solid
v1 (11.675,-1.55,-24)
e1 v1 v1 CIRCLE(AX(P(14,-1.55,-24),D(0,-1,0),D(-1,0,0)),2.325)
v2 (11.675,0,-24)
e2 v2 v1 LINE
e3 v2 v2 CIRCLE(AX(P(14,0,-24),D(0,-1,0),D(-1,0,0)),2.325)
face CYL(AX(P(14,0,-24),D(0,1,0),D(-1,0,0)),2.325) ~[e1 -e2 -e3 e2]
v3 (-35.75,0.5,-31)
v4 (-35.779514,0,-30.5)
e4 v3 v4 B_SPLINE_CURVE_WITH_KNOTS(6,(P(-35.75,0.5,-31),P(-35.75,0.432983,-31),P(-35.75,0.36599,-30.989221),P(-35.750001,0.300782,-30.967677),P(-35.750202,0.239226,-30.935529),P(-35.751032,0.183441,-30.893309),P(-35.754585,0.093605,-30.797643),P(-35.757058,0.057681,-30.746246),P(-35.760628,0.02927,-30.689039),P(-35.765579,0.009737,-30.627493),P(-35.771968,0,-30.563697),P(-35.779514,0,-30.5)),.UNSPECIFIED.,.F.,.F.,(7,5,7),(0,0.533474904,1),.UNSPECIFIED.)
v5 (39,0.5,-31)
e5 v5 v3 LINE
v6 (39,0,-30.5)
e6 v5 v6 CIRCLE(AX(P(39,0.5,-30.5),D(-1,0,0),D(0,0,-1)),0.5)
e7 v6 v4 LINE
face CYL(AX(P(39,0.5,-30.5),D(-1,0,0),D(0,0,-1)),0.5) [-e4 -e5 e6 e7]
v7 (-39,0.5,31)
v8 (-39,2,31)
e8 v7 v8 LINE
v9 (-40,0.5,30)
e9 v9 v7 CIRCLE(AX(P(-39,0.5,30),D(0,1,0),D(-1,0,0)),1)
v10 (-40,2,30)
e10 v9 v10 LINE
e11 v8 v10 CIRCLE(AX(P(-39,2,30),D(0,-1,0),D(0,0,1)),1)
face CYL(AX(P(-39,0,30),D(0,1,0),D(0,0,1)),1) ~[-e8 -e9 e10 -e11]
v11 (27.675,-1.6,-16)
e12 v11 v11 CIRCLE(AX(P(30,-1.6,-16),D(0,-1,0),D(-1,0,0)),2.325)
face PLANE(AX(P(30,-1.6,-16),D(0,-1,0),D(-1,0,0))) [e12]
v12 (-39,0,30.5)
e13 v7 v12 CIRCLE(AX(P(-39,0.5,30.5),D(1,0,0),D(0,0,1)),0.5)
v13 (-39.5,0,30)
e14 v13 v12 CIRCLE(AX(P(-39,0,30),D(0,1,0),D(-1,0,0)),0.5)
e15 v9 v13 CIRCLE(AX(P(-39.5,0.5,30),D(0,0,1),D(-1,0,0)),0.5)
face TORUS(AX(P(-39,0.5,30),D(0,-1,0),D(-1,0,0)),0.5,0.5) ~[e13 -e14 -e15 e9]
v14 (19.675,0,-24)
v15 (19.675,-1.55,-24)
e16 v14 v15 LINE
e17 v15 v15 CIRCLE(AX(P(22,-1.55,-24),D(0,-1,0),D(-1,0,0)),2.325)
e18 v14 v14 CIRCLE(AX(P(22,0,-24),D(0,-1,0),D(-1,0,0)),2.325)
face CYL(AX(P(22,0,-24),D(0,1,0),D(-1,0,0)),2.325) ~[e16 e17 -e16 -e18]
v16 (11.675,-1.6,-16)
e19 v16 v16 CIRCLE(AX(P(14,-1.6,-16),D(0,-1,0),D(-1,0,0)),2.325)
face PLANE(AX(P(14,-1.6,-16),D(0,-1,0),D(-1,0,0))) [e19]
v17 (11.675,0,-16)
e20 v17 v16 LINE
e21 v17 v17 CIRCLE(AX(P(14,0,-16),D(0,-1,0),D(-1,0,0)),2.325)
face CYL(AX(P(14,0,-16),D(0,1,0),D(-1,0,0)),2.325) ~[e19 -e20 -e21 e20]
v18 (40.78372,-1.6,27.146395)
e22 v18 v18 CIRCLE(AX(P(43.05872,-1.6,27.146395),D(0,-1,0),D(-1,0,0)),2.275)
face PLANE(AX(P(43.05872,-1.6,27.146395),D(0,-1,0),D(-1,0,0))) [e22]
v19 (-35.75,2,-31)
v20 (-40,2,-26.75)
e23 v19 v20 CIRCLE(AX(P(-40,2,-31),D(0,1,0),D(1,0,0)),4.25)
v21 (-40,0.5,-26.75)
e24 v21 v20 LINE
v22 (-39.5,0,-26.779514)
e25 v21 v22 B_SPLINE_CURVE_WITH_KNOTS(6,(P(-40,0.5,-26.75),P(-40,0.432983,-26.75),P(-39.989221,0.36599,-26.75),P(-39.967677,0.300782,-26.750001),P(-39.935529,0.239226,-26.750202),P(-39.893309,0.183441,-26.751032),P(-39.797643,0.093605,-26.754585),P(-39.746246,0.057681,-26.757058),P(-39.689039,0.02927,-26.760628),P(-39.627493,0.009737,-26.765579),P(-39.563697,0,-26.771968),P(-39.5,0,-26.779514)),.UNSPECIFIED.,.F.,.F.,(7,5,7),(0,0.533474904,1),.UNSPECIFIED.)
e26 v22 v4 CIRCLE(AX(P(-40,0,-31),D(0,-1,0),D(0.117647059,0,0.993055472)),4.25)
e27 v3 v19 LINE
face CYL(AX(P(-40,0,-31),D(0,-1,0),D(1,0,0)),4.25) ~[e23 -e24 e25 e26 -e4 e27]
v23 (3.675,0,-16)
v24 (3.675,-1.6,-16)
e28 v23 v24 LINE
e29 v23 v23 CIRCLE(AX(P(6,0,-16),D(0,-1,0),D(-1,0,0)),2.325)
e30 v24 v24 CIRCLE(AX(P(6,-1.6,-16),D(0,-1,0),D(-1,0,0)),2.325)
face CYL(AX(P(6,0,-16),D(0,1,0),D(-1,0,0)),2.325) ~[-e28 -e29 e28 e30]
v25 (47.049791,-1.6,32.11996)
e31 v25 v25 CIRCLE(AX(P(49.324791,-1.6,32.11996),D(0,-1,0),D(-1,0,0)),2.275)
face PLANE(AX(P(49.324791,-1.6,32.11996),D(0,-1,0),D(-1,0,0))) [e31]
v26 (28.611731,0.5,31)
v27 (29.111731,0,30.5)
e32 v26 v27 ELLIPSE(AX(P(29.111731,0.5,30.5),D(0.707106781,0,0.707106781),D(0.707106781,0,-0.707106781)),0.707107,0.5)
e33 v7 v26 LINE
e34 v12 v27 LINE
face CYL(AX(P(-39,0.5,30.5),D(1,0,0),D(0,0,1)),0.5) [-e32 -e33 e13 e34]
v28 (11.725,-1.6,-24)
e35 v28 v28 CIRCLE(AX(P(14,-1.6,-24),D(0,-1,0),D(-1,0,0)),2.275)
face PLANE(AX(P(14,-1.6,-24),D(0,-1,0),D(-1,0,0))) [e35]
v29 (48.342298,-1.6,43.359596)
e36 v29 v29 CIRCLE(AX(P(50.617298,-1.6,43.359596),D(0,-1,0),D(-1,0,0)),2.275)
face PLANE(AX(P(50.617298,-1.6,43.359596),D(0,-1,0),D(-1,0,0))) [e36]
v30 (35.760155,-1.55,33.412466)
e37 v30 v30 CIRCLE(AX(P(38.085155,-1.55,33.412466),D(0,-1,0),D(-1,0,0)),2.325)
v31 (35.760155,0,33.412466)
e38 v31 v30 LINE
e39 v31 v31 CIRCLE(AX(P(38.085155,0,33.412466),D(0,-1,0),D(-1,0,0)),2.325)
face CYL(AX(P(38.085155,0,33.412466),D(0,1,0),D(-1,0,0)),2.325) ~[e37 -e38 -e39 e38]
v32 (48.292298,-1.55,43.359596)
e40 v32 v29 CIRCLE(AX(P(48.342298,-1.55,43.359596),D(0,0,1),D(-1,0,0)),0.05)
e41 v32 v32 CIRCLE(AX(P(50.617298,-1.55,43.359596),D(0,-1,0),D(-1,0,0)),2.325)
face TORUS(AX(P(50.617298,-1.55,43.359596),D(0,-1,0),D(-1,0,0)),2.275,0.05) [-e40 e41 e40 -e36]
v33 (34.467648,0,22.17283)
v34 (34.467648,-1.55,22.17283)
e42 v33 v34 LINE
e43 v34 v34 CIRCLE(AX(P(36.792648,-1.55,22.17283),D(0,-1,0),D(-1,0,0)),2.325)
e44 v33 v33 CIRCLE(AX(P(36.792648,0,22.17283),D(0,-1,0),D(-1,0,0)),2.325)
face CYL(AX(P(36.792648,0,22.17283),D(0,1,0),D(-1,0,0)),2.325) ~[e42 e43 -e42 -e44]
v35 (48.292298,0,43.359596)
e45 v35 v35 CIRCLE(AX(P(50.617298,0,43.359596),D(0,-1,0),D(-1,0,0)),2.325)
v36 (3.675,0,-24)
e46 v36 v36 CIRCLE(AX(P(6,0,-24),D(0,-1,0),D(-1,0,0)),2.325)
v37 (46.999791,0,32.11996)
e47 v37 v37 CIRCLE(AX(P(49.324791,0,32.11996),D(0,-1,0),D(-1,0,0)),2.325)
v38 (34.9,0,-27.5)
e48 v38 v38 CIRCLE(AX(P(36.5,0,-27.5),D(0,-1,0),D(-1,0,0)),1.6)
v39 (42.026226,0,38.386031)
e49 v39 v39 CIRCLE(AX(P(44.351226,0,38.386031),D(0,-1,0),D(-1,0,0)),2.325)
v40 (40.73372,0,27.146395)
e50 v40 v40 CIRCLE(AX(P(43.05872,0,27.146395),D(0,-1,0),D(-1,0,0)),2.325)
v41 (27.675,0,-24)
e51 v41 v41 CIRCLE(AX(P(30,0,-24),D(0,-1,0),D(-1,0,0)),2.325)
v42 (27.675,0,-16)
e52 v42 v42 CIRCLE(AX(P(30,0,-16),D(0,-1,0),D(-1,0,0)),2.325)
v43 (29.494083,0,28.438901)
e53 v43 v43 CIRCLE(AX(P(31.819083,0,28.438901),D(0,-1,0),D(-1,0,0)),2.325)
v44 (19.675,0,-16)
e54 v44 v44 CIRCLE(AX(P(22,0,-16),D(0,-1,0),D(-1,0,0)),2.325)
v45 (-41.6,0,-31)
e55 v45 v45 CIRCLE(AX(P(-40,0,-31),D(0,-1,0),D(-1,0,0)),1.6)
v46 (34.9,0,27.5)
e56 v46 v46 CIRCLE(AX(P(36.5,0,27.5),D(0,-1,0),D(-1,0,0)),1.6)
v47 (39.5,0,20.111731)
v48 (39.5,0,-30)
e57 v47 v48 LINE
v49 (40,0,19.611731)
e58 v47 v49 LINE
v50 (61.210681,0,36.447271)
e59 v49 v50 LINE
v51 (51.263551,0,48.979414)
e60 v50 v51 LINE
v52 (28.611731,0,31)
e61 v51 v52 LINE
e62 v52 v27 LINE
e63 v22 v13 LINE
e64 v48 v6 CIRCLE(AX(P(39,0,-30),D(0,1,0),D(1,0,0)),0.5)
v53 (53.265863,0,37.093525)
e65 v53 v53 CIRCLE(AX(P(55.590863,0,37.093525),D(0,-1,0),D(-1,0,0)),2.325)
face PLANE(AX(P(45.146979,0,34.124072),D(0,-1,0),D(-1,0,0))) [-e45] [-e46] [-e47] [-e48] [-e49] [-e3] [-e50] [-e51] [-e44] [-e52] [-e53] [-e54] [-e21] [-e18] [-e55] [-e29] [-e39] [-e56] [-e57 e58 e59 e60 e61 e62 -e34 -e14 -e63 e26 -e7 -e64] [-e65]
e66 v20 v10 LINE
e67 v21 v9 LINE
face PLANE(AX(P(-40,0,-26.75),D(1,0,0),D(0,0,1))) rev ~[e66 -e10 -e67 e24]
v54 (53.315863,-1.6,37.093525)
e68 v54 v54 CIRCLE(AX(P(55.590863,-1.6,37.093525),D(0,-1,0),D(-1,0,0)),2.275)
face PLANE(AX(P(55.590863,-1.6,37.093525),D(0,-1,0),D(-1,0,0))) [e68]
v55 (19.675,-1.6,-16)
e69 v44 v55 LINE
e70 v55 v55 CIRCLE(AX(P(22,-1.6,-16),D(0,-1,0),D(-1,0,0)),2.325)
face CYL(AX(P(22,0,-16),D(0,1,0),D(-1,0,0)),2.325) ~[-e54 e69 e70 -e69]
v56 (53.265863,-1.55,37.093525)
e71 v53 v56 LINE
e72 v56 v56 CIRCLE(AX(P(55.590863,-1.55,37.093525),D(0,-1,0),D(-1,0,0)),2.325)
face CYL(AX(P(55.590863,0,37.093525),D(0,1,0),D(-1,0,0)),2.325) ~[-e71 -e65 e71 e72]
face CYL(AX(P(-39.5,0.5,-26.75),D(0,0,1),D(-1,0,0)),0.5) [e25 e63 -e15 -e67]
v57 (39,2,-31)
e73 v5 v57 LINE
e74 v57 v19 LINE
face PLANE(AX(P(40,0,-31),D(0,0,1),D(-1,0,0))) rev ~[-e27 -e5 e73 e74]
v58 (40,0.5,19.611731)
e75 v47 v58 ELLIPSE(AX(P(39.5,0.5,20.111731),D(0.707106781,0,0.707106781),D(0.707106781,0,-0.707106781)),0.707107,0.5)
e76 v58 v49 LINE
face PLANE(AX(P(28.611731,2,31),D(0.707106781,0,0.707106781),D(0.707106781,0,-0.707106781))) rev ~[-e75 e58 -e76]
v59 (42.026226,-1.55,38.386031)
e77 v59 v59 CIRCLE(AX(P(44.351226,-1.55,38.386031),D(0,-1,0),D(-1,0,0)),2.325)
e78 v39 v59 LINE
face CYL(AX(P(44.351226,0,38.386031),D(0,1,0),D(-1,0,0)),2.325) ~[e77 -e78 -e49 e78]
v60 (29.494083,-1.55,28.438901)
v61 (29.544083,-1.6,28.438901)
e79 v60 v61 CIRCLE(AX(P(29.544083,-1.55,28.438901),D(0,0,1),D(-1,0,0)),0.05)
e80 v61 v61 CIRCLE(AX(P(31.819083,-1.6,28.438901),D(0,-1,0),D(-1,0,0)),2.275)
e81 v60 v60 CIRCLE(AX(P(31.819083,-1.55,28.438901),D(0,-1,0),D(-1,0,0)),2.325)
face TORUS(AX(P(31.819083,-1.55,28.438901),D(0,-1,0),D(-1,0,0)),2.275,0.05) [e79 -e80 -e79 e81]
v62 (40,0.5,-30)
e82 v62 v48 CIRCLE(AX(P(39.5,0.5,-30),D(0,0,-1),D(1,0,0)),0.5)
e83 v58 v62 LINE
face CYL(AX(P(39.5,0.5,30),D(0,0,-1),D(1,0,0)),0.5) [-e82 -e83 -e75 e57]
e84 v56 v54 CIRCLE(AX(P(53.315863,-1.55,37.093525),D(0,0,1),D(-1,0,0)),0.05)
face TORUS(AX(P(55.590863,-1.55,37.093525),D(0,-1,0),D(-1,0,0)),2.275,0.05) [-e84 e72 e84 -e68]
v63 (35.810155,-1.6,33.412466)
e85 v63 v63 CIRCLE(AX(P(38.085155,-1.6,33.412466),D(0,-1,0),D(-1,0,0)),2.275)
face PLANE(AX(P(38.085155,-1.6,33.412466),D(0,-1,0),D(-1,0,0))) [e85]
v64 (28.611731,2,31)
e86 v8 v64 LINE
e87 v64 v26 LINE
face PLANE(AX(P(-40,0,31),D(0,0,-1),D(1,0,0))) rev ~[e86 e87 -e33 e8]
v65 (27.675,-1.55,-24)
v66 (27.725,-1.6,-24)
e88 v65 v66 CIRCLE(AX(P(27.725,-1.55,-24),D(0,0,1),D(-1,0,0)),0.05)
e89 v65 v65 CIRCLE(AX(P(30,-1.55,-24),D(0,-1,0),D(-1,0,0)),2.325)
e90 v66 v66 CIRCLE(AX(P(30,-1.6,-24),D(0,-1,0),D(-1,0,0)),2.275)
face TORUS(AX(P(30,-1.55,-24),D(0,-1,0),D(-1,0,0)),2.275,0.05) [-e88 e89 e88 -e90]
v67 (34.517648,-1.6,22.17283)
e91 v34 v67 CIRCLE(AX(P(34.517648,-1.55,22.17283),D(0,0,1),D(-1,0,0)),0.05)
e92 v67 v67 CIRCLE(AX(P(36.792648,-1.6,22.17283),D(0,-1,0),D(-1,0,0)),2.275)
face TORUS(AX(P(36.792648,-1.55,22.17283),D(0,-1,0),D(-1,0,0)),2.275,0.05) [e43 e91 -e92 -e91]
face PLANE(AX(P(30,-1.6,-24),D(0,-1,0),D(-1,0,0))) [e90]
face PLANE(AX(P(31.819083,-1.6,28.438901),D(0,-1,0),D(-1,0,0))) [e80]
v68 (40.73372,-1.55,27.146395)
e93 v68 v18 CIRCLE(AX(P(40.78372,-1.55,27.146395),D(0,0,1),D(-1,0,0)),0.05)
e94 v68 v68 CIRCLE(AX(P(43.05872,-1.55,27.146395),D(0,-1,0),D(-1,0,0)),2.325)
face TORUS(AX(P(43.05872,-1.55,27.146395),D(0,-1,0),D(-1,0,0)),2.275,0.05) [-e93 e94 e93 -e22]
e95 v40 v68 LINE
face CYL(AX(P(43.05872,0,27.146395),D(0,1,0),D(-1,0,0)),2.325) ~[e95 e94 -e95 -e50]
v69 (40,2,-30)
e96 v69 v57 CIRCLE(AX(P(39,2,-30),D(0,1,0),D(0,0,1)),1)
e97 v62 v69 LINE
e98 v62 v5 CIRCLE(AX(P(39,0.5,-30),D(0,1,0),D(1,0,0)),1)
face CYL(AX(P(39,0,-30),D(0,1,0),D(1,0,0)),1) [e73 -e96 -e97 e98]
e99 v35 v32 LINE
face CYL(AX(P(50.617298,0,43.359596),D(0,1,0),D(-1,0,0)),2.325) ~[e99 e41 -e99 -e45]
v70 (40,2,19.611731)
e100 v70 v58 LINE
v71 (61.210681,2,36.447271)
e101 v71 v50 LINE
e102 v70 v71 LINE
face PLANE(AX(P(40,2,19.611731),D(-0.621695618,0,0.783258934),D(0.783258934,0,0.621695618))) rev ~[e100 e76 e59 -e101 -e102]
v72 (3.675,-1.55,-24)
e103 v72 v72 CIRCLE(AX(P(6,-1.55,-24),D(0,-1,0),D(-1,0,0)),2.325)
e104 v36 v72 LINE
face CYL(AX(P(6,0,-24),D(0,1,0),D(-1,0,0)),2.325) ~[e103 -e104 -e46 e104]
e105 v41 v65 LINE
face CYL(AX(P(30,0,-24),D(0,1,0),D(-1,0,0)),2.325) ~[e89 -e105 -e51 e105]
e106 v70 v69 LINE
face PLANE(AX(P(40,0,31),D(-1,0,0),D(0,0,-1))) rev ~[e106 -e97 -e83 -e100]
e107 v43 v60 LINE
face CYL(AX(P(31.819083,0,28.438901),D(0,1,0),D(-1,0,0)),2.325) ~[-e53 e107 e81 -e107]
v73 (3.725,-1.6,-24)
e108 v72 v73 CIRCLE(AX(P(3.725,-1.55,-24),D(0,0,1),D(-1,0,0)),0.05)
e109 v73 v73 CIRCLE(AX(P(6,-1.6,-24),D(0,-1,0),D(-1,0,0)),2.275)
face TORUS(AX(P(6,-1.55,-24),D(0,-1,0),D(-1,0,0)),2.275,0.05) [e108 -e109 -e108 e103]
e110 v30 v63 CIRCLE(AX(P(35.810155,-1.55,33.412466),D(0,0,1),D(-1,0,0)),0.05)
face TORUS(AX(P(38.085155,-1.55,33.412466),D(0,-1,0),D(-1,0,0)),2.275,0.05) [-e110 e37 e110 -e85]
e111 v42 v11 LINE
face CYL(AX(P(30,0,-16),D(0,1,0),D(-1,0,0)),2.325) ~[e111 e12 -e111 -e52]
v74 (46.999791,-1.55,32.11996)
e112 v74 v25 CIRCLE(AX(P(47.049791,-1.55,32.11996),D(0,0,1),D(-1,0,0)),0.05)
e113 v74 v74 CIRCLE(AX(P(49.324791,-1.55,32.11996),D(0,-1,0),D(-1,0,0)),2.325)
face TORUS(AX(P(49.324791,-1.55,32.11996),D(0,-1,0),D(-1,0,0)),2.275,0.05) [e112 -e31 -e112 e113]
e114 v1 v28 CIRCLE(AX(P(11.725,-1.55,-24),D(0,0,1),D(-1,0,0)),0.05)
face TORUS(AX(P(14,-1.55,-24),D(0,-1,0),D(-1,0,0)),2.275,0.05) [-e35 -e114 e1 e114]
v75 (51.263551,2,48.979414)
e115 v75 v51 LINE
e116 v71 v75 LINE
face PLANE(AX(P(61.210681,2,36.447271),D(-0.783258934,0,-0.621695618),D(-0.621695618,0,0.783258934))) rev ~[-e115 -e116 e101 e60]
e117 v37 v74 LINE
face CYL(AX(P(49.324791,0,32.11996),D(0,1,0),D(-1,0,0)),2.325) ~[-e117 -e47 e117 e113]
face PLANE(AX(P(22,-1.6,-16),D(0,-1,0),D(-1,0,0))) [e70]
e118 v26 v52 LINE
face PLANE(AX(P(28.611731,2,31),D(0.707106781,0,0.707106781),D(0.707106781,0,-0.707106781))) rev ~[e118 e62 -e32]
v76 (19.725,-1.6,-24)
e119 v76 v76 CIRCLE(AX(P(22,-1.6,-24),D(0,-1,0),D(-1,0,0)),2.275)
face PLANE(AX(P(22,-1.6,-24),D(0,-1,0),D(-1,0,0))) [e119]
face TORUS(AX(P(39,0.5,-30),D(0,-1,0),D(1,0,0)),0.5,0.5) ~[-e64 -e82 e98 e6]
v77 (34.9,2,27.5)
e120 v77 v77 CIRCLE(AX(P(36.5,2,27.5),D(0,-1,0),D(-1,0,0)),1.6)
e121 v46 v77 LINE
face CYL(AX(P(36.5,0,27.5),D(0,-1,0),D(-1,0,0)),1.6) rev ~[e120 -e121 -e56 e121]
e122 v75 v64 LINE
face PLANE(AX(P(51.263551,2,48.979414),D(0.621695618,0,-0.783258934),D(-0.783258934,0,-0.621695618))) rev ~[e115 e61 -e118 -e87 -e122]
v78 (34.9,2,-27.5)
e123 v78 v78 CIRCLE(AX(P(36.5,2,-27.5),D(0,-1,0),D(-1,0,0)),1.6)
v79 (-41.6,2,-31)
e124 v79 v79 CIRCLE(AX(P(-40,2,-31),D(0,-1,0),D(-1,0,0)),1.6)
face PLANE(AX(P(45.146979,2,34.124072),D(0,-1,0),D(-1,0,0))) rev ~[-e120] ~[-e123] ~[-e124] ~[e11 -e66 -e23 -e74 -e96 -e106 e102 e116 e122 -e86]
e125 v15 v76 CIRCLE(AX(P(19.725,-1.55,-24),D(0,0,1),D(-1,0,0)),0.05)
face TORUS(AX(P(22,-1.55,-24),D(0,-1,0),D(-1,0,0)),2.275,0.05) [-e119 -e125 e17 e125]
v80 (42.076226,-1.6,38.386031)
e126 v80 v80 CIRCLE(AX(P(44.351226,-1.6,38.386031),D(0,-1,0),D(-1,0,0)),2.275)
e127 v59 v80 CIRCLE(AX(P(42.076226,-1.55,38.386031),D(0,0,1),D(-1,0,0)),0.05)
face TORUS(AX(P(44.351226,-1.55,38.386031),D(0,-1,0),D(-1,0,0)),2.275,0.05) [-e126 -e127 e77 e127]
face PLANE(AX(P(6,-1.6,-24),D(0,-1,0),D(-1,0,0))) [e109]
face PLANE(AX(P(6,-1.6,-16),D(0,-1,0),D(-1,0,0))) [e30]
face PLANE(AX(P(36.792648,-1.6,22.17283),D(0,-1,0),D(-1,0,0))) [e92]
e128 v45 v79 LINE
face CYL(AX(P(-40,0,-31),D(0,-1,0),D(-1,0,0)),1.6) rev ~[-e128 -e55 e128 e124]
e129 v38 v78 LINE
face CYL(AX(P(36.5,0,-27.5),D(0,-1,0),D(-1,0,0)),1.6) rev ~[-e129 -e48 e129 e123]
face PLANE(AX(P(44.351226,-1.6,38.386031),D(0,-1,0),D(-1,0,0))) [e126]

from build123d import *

# Parameters (mm, degrees)
MAIN_BODY_DEPTH        = 2
CORNERS_R              = 1
EDGE_2_R               = 0.5
DIVINGBOARD_DEPTH      = 2
SKETCH7_R              = 1.6
LID_HOLES_DEPTH        = 1.0000001
LID_HOLES_DEPTH_BACK   = 3.0000001
SKETCH4_R              = 2.325
BOSS_EXTRUDE3_DEPTH    = 1.6
FILLET3_R              = 0.05
LPATTERN5_COUNT        = 4
LPATTERN5_PITCH        = 8
FILLET3_OF_LPATTERN5_R = 0.05
SKETCH10_R             = 2.325
PEGS_DIAGONAL_DEPTH    = 1.6
FILLET4_R              = 0.05
LPATTERN6_COUNT        = 4
LPATTERN6_PITCH        = 8
FILLET4_OF_LPATTERN6_R = 0.05


with BuildPart() as part:
    # Sketch1 → Main Body (new body)
    with BuildSketch(Plane(origin=(0, 0, 0), x_dir=(1, 0, 0), z_dir=(0, 1, 0))):
        with BuildLine():
            Line((-40, -31), (40, -31))
            Line((40, -31), (40, 31))
            Line((40, 31), (-35.75, 31))
            ThreePointArc((-35.75, 31), (-43.00520382, 34.00520382), (-40, 26.75))
            Line((-40, 26.75), (-40, -31))
        make_face()
    extrude(amount=MAIN_BODY_DEPTH)

    # Corners
    corners_edges = [part.edges().sort_by_distance(p)[0] for p in [
        (40, 1, 31),
        (-40, 1, 31),
        (40, 1, -31),
    ]]
    fillet(corners_edges, radius=CORNERS_R)

    # Edge 2
    edge_2_edges = [part.edges().sort_by_distance(p)[0] for p in [
        (0, 0, 31),
        (40, 0, 0),
        (1.625, 0, -31),
        (39.707106781, 0, 30.707106781),
        (39.707106781, 0, -30.707106781),
        (-39.707106781, 0, 30.707106781),
        (-40, 0, 1.625),
    ]]
    fillet(edge_2_edges, radius=EDGE_2_R)

    # Sketch8 → DivingBoard (add)
    with BuildSketch(Plane(origin=(0, 2, 0), x_dir=(1, 0, 0), z_dir=(0, 1, 0))):
        Polygon((40, -19.611731269), (61.210680742, -36.447271473), (51.263550849, -48.979414422), (28.611731269, -31), align=None)
    extrude(amount=-DIVINGBOARD_DEPTH)

    # Sketch7 → Lid Holes (cut, two sides)
    with BuildSketch(Plane(origin=(0, 0, 0), x_dir=(-1, 0, 0), z_dir=(0, -1, 0))) as lid_holes_sk:
        with Locations((40, 31)):
            Circle(SKETCH7_R)
        with Locations((-36.5, -27.5)):
            Circle(SKETCH7_R)
        with Locations((-36.5, 27.5)):
            Circle(SKETCH7_R)
    extrude(amount=LID_HOLES_DEPTH, mode=Mode.SUBTRACT)
    extrude(lid_holes_sk.sketch, amount=-LID_HOLES_DEPTH_BACK, mode=Mode.SUBTRACT)

    # Sketch4 → Boss-Extrude3 (add)
    with BuildSketch(Plane(origin=(0, 0, 0), x_dir=(-1, 0, 0), z_dir=(0, -1, 0))):
        with Locations((-30, 24)):
            Circle(SKETCH4_R)
        with Locations((-30, 16)):
            Circle(SKETCH4_R)
    boss_extrude3 = extrude(amount=BOSS_EXTRUDE3_DEPTH)

    # Fillet3
    fillet3_edges = [part.edges().sort_by_distance(p)[0] for p in [
        (32.325, -1.6, -24),
    ]]
    fillet(fillet3_edges, radius=FILLET3_R)

    # LPattern5: Boss-Extrude3 ×4
    with Locations(*[(-i * LPATTERN5_PITCH, 0, 0) for i in range(1, LPATTERN5_COUNT)]):
        add(boss_extrude3)

    # Fillet3 of LPattern5
    fillet3_of_lpattern5_edges = [part.edges().sort_by_distance(p)[0] for p in [
        (24.325, -1.6, -24),
        (16.325, -1.6, -24),
        (8.325, -1.6, -24),
    ]]
    fillet(fillet3_of_lpattern5_edges, radius=FILLET3_OF_LPATTERN5_R)

    # Sketch10 → Pegs (Diagonal) (add)
    with BuildSketch(Plane(origin=(0, 0, 0), x_dir=(-1, 0, 0), z_dir=(0, -1, 0))):
        with Locations((-55.590862531, -37.093524737)):
            Circle(SKETCH10_R)
        with Locations((-50.617297585, -43.359596211)):
            Circle(SKETCH10_R)
    pegs_diagonal = extrude(amount=PEGS_DIAGONAL_DEPTH)

    # Fillet4
    fillet4_edges = [part.edges().sort_by_distance(p)[0] for p in [
        (52.942297585, -1.6, 43.359596211),
        (57.915862531, -1.6, 37.093524737),
    ]]
    fillet(fillet4_edges, radius=FILLET4_R)

    # LPattern6: Pegs (Diagonal) ×4
    with Locations(*[Vector(-0.783258934, 0, -0.621695618) * (i * LPATTERN6_PITCH) for i in range(1, LPATTERN6_COUNT)]):
        add(pegs_diagonal)

    # Fillet4 of LPattern6
    fillet4_of_lpattern6_edges = [part.edges().sort_by_distance(p)[0] for p in [
        (46.67622611, -1.6, 38.386031265),
        (51.649791057, -1.6, 32.11995979),
        (40.410154636, -1.6, 33.412466318),
        (45.383719582, -1.6, 27.146394844),
        (34.144083161, -1.6, 28.438901372),
        (39.117648108, -1.6, 22.172829897),
    ]]
    fillet(fillet4_of_lpattern6_edges, radius=FILLET4_OF_LPATTERN6_R)


solid = part.part
